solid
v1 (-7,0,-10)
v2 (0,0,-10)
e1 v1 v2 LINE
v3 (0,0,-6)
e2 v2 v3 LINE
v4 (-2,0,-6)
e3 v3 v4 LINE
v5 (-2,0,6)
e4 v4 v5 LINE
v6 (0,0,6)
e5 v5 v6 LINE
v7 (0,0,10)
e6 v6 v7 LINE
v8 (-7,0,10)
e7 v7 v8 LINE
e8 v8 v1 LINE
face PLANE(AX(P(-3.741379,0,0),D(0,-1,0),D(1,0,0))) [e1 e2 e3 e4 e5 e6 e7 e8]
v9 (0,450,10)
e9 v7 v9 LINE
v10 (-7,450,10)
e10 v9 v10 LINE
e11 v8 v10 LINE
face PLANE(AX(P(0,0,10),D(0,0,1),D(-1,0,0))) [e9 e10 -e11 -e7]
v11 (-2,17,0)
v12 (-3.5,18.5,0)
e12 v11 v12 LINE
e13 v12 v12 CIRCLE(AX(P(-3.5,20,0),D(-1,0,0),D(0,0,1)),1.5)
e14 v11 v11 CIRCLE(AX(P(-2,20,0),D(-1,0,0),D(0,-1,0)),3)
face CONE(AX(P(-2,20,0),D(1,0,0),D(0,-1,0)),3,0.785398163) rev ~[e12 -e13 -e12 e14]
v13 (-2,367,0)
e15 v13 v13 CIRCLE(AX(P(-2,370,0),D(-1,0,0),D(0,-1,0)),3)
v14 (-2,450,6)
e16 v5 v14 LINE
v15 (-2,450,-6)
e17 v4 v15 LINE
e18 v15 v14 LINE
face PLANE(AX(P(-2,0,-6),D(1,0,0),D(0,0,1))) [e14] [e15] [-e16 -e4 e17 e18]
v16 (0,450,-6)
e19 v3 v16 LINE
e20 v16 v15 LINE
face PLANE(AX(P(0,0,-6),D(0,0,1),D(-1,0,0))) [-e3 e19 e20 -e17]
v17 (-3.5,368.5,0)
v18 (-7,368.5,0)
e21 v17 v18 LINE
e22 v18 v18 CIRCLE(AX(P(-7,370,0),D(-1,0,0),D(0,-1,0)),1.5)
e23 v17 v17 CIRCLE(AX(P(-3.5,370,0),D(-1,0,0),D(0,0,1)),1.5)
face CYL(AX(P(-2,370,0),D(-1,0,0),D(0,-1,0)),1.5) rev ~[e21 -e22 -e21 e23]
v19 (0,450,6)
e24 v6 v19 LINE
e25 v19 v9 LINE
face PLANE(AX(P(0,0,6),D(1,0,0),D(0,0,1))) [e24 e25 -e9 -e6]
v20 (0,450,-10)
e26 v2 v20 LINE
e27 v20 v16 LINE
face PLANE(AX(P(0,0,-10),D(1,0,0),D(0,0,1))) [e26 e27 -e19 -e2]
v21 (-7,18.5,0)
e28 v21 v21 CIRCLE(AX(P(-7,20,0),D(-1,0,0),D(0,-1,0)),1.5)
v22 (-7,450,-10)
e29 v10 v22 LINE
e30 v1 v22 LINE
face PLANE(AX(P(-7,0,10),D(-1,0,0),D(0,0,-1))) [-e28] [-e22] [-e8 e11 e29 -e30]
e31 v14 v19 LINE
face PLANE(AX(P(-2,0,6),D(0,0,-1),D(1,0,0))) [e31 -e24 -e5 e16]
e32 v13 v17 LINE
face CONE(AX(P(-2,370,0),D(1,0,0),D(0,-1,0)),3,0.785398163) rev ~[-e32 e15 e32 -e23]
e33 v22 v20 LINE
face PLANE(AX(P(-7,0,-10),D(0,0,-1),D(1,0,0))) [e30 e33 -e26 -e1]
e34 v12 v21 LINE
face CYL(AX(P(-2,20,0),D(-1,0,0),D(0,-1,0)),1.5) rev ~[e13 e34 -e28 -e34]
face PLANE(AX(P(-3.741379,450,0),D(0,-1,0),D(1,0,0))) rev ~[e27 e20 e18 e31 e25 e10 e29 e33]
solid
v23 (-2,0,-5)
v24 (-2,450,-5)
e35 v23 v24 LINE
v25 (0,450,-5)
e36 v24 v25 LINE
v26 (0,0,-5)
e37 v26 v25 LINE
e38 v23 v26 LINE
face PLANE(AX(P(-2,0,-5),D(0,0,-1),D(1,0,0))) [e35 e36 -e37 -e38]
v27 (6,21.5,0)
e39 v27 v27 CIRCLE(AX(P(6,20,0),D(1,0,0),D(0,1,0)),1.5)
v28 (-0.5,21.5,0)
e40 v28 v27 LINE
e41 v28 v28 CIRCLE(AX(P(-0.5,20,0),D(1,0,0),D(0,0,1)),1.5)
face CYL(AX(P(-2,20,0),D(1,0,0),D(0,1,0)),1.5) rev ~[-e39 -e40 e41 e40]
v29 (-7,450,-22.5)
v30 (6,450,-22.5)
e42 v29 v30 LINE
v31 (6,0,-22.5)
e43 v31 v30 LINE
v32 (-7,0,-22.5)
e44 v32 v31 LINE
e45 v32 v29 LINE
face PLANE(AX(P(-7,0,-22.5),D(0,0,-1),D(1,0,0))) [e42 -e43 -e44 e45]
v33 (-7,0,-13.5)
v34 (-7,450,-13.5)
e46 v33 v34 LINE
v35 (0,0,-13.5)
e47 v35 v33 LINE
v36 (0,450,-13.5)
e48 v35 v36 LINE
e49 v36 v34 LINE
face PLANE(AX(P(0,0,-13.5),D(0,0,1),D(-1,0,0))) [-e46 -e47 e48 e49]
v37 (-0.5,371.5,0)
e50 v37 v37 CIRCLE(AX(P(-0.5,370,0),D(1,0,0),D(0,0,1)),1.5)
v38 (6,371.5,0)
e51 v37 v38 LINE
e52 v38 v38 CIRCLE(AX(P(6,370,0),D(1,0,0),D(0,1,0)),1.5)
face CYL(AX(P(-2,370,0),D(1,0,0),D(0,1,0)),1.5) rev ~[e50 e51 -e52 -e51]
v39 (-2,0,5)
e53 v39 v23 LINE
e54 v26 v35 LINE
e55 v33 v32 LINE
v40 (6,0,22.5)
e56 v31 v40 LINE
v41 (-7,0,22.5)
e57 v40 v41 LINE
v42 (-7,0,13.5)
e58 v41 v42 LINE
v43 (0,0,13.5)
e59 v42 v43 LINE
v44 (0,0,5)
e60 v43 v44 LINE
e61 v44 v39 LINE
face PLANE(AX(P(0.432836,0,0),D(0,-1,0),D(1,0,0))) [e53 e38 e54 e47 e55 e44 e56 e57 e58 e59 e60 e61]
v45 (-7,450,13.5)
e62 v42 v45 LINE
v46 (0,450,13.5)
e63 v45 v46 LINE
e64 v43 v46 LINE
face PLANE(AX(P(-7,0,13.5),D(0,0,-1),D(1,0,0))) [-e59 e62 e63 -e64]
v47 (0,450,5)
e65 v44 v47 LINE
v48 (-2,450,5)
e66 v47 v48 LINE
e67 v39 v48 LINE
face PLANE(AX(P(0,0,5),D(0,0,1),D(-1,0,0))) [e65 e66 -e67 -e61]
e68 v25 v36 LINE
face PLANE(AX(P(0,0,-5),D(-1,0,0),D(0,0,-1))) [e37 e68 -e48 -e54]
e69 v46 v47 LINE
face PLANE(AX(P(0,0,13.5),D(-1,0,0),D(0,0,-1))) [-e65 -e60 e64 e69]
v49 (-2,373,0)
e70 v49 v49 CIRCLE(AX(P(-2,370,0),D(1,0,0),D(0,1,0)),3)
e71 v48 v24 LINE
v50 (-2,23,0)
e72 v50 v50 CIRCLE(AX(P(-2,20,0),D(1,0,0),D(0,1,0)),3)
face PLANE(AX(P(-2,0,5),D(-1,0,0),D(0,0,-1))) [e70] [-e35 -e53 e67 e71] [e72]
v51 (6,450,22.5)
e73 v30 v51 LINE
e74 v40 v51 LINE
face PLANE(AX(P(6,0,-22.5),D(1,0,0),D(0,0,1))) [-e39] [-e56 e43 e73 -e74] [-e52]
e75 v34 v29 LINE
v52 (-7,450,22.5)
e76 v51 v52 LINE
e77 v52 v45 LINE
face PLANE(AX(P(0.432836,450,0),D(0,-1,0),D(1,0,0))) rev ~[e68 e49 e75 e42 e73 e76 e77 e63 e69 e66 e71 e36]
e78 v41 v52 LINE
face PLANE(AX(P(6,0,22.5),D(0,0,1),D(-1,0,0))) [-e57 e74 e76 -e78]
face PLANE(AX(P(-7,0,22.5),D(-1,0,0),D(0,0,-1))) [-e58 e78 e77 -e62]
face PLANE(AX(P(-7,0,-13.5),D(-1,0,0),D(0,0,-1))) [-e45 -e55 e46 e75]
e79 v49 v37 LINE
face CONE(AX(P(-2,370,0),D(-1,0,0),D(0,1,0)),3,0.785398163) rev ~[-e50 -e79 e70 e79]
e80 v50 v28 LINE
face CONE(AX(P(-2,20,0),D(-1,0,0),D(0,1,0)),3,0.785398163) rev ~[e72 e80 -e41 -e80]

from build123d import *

# Parameters (mm, degrees)
F1_DEPTH       = 450
F3_D           = 3
F3_CSINK_D     = 6
F3_CSINK_ANGLE = 90
F5_DEPTH       = 450
F7_D           = 3
F7_CSINK_D     = 6
F7_CSINK_ANGLE = 90


with BuildPart() as f1:
    # F0 (on Front) → F1 (new body)
    with BuildSketch(Plane.XZ):
        Polygon((0, 10), (-7, 10), (-7, -10), (0, -10), (0, -6), (-2, -6), (-2, 6), (0, 6), align=None)
    extrude(amount=-F1_DEPTH)

    # F3 (through all)
    with Locations(Plane.YZ.offset(-2)):
        with Locations((20, 0), (370, 0)):
            CounterSinkHole(F3_D / 2, F3_CSINK_D / 2, counter_sink_angle=F3_CSINK_ANGLE)


with BuildPart() as f5:
    # F4 (on Front) → F5 (new body)
    with BuildSketch(Plane.XZ):
        Polygon((6, 22.5), (-7, 22.5), (-7, 13.5), (0, 13.5), (0, 5), (-2, 5), (-2, -5), (0, -5), (0, -13.5), (-7, -13.5), (-7, -22.5), (6, -22.5), align=None)
    extrude(amount=-F5_DEPTH)

    # F7 (through all)
    with Locations(Plane(origin=(-2, 0, 0), x_dir=(0, -1, 0), z_dir=(-1, 0, 0))):
        with Locations((-20, 0), (-370, 0)):
            CounterSinkHole(F7_D / 2, F7_CSINK_D / 2, counter_sink_angle=F7_CSINK_ANGLE)


solid = Compound([f1.part, f5.part])
